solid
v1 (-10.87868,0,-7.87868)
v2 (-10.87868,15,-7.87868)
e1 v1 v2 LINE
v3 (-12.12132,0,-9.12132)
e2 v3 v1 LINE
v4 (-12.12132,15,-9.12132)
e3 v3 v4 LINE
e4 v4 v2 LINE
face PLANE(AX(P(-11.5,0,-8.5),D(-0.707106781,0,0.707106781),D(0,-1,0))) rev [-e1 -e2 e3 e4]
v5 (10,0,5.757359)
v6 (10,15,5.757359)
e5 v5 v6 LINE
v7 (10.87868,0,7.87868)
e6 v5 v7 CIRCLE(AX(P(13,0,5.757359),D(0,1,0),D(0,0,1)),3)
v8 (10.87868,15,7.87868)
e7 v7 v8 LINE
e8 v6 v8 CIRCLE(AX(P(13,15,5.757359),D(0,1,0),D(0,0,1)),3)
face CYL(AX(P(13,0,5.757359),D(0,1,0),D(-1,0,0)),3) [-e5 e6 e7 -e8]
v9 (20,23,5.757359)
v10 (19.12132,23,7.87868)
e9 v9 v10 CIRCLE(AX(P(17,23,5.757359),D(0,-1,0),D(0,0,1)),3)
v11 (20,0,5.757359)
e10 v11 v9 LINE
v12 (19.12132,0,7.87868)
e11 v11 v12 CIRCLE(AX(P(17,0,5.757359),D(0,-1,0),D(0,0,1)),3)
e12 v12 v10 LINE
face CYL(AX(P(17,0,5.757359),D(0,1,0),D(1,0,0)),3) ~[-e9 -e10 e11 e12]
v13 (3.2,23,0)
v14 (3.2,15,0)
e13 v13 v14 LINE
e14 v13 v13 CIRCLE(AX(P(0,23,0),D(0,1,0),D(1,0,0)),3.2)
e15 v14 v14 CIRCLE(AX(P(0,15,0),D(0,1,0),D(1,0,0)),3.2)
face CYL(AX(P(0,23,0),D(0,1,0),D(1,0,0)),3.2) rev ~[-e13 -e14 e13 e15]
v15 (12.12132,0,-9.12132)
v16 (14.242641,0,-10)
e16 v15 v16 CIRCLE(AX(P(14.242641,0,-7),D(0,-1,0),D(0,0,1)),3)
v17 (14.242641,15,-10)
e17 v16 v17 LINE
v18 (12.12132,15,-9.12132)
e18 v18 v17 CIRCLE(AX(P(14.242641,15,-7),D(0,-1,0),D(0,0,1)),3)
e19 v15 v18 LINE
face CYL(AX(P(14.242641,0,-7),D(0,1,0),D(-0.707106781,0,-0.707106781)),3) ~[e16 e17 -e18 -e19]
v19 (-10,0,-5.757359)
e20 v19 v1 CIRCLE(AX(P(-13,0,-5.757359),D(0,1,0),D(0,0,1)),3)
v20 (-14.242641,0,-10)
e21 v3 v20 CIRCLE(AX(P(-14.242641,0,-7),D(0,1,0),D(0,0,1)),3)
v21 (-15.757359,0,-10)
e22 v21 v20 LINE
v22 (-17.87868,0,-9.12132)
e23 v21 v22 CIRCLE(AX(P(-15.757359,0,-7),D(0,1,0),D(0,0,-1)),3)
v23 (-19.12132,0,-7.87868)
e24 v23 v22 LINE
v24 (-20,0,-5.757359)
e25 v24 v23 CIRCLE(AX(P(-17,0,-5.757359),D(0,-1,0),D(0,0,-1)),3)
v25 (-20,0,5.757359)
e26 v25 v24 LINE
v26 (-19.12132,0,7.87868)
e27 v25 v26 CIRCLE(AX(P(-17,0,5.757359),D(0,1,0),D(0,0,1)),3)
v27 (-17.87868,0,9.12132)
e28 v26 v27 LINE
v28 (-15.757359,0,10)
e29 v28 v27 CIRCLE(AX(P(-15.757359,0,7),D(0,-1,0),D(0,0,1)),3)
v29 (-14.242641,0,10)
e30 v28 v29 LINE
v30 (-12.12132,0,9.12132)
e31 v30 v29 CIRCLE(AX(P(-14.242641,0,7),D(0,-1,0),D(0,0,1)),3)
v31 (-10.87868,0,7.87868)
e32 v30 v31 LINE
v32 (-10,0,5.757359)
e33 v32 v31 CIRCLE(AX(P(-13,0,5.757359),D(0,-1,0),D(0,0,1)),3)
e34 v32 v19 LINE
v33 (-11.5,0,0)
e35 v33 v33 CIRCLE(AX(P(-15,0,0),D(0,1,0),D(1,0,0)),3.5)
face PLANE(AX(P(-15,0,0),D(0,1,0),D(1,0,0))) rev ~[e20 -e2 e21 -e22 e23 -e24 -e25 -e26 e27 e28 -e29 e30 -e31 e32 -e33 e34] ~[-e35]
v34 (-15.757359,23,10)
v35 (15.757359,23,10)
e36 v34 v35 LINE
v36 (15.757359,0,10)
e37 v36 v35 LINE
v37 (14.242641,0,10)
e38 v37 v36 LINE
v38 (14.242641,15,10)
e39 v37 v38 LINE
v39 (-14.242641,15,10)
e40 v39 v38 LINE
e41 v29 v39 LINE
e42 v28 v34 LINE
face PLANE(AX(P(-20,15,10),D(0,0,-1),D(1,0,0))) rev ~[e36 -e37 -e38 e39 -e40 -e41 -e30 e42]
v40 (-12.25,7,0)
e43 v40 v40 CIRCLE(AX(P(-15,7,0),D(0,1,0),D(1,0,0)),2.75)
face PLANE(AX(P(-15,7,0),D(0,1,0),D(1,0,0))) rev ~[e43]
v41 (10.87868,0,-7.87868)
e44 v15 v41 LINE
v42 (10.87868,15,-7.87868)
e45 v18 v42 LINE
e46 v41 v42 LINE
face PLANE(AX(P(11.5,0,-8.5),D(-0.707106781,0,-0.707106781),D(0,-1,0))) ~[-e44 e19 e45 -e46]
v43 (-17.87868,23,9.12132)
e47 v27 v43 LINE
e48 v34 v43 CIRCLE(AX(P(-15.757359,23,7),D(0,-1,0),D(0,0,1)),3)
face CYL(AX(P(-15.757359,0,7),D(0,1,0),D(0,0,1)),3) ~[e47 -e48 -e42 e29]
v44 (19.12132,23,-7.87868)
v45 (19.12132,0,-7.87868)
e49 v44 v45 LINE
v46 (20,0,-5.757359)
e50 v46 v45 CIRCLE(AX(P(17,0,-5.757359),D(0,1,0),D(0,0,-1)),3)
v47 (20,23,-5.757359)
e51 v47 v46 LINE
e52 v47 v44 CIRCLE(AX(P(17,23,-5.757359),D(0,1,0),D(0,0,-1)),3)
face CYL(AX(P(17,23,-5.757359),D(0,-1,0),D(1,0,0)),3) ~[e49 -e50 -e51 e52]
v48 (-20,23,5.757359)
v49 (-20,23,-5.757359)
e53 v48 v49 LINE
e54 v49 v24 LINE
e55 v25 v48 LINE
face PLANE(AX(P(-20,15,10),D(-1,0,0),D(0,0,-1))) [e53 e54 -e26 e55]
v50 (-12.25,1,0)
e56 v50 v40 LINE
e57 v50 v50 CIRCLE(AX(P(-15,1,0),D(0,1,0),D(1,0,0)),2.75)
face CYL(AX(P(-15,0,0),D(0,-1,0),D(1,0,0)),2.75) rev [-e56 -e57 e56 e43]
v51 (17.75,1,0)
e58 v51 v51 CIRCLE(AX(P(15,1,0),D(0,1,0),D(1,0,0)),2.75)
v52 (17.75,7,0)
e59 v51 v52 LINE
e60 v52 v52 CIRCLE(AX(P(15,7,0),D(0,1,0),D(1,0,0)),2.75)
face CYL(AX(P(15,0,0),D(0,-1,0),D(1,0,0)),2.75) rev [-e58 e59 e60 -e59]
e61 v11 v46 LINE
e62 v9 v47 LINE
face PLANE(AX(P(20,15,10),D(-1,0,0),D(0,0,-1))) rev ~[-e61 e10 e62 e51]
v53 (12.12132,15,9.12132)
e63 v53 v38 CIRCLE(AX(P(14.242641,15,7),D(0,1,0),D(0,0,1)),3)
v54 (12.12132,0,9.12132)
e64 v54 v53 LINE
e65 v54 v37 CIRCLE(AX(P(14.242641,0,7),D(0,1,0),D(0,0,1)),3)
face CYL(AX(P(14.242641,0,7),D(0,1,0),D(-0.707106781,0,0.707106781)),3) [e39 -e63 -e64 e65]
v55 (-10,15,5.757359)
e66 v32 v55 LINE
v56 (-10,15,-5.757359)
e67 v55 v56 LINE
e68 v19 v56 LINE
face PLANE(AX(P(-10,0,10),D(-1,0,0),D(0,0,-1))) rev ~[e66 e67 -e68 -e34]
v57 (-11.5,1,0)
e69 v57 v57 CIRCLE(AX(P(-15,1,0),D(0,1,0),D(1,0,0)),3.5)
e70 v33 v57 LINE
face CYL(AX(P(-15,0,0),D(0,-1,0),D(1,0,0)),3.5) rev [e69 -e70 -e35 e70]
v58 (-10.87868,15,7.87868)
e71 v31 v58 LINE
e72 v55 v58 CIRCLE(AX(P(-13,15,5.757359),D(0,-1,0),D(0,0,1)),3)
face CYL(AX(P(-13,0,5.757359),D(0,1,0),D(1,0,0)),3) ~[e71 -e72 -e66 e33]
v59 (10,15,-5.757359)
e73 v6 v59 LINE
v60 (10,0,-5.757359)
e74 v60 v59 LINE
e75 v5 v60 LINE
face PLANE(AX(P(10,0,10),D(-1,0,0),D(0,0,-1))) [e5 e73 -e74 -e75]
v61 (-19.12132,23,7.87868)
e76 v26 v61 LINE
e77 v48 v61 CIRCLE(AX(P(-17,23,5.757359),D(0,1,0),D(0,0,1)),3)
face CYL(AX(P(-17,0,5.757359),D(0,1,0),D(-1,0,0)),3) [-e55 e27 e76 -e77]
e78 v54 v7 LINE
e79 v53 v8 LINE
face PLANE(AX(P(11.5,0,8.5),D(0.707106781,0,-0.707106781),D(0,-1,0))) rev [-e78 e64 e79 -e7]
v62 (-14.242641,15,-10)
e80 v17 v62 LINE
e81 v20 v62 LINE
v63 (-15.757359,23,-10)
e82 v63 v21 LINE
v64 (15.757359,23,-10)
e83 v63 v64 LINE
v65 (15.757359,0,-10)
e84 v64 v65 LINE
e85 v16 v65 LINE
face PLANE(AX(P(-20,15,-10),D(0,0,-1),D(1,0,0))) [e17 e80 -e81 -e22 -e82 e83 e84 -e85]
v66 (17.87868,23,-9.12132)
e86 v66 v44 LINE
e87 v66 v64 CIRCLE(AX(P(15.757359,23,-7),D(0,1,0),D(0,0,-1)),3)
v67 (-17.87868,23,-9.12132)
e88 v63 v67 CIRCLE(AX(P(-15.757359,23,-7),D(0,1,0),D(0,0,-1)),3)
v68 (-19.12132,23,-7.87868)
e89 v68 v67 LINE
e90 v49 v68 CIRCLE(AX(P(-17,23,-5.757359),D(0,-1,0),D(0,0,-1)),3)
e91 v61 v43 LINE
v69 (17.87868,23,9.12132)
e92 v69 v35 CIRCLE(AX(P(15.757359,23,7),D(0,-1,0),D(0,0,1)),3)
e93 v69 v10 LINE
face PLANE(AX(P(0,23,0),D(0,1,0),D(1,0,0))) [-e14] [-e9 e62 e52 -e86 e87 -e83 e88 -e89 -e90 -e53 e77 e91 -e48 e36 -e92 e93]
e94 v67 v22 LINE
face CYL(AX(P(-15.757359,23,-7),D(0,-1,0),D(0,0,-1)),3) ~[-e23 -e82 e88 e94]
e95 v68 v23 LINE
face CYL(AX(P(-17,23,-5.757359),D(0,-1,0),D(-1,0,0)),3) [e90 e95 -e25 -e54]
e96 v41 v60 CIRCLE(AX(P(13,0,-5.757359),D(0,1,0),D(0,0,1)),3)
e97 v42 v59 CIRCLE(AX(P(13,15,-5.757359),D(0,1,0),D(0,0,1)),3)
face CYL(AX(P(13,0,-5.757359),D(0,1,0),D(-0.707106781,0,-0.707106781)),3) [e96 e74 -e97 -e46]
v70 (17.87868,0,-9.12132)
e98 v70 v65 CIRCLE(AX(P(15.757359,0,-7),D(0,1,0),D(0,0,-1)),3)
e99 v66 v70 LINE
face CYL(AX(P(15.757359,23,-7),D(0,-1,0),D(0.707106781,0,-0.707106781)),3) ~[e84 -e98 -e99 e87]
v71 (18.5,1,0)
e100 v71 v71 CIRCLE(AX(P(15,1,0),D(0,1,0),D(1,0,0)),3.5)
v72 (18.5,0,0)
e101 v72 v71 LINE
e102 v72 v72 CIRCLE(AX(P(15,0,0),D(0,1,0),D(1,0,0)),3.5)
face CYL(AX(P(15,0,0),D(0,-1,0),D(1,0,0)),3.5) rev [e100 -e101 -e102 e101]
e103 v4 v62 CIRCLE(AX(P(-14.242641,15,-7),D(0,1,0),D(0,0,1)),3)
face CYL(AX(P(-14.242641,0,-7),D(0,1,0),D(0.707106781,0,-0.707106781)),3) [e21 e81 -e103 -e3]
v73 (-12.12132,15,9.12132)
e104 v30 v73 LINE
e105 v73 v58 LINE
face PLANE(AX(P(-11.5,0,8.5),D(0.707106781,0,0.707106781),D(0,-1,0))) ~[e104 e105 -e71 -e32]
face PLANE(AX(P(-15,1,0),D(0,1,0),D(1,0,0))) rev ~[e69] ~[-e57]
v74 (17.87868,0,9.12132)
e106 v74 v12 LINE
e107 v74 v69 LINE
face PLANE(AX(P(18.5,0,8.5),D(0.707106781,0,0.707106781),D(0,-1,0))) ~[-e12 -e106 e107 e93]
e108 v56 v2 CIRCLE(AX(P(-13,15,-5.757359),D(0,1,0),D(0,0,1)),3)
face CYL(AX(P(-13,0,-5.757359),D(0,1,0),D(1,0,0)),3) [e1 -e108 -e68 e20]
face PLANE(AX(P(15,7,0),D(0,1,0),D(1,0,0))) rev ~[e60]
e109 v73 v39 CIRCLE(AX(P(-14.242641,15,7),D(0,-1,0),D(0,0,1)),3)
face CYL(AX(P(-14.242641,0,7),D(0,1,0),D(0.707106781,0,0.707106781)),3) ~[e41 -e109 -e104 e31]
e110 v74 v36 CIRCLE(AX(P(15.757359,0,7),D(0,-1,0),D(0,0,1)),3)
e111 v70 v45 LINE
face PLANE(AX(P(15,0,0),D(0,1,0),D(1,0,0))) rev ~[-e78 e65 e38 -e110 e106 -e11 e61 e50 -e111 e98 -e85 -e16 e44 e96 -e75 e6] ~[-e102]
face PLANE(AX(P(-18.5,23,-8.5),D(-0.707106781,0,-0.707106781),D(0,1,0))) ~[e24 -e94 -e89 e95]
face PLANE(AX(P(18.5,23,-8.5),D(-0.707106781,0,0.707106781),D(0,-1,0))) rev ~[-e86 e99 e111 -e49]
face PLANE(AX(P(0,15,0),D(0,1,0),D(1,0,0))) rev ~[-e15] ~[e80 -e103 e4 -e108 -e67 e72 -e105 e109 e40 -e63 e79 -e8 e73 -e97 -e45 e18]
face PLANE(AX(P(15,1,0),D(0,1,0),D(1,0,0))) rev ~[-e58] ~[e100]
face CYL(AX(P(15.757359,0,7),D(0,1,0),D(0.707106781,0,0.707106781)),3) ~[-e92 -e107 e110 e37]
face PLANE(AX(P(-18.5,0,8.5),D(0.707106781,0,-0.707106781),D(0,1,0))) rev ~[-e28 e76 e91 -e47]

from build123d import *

# Parameters (mm, degrees)
ESQUISSE1_W             = 10
ESQUISSE1_H             = 20
BOSS_EXTRU_1_DEPTH      = 15
BOSS_EXTRU_1_2_DEPTH    = 15
ESQUISSE3_W             = 40
ESQUISSE3_H             = 20
BOSS_EXTRU_2_DEPTH      = 8
ESQUISSE4_R             = 3.2
ENL_V_MAT_EXTRU_1_DEPTH = 10
ESQUISSE1_3_R           = 2.75
ENL_V_MAT_EXTRU_3_DEPTH = 7
ESQUISSE1_4_R           = 3.5
ESQUISSE1_4_R_2         = 2.75
ENL_V_MAT_EXTRU_4_DEPTH = 1
CHANFREIN1_SIZE         = 3
CONG_1_R                = 3


with BuildPart() as part:
    # Esquisse1 → Boss.-Extru.1 (new body)
    with BuildSketch(Plane(origin=(0, 0, 0), x_dir=(1, 0, 0), z_dir=(0, 1, 0))):
        with Locations((-15, 0)):
            Rectangle(ESQUISSE1_W, ESQUISSE1_H)
    extrude(amount=BOSS_EXTRU_1_DEPTH)



with BuildPart() as body_2:
    # Esquisse1 → Boss.-Extru.1 2 (new body)
    with BuildSketch(Plane(origin=(0, 0, 0), x_dir=(1, 0, 0), z_dir=(0, 1, 0))):
        with Locations((15, 0)):
            Rectangle(ESQUISSE1_W, ESQUISSE1_H)
    extrude(amount=BOSS_EXTRU_1_2_DEPTH)


with BuildPart() as part_1:
    add(part.part)

    add(body_2.part)  # Boss.-Extru.2 merges body 2
    # Esquisse3 → Boss.-Extru.2 (add)
    with BuildSketch(Plane(origin=(0, 15, 0), x_dir=(1, 0, 0), z_dir=(0, 1, 0))):
        Rectangle(ESQUISSE3_W, ESQUISSE3_H)
    extrude(amount=BOSS_EXTRU_2_DEPTH)

    # Esquisse4 → Enl_v. mat.-Extru.1 (cut)
    with BuildSketch(Plane(origin=(0, 23, 0), x_dir=(1, 0, 0), z_dir=(0, 1, 0))):
        Circle(ESQUISSE4_R)
    extrude(amount=-ENL_V_MAT_EXTRU_1_DEPTH, mode=Mode.SUBTRACT)

    # Esquisse1_3 → Enl_v. mat.-Extru.3 (cut)
    with BuildSketch(Plane(origin=(0, 0, 0), x_dir=(1, 0, 0), z_dir=(0, 1, 0))):
        with Locations((-15, 0)):
            Circle(ESQUISSE1_3_R)
        with Locations((15, 0)):
            Circle(ESQUISSE1_3_R)
    extrude(amount=ENL_V_MAT_EXTRU_3_DEPTH, mode=Mode.SUBTRACT)

    # Esquisse1_4 → Enl_v. mat.-Extru.4 (cut)
    # profile 1 of 2: a face of its own
    with BuildSketch(Plane(origin=(0, 0, 0), x_dir=(1, 0, 0), z_dir=(0, 1, 0))):
        with Locations((-15, 0)):
            Circle(ESQUISSE1_4_R)
        with Locations((-15, 0)):
            Circle(ESQUISSE1_4_R_2, mode=Mode.SUBTRACT)
    # profile 2 of 2: a face of its own
    with BuildSketch(Plane(origin=(0, 0, 0), x_dir=(1, 0, 0), z_dir=(0, 1, 0))):
        with Locations((15, 0)):
            Circle(ESQUISSE1_4_R)
        with Locations((15, 0)):
            Circle(ESQUISSE1_4_R_2, mode=Mode.SUBTRACT)
    extrude(amount=ENL_V_MAT_EXTRU_4_DEPTH, mode=Mode.SUBTRACT)

    # Chanfrein1
    chanfrein1_edges = [part_1.edges().sort_by_distance(p)[0] for p in [
        (10, 7.5, -10),
        (20, 11.5, -10),
        (10, 7.5, 10),
        (-10, 7.5, -10),
        (-10, 7.5, 10),
        (20, 11.5, 10),
        (-20, 11.5, -10),
        (-20, 11.5, 10),
    ]]
    chamfer(chanfrein1_edges, length=CHANFREIN1_SIZE)

    # Cong_1
    cong_1_edges = [part_1.edges().sort_by_distance(p)[0] for p in [
        (-10, 7.5, -7),
        (-13, 7.5, -10),
        (10, 7.5, -7),
        (13, 7.5, -10),
        (13, 7.5, 10),
        (17, 11.5, 10),
        (20, 11.5, 7),
        (20, 11.5, -7),
        (17, 11.5, -10),
        (-17, 11.5, -10),
        (-20, 11.5, -7),
        (-20, 11.5, 7),
        (-17, 11.5, 10),
        (-10, 7.5, 7),
        (-13, 7.5, 10),
        (10, 7.5, 7),
    ]]
    fillet(cong_1_edges, radius=CONG_1_R)


solid = part_1.part
